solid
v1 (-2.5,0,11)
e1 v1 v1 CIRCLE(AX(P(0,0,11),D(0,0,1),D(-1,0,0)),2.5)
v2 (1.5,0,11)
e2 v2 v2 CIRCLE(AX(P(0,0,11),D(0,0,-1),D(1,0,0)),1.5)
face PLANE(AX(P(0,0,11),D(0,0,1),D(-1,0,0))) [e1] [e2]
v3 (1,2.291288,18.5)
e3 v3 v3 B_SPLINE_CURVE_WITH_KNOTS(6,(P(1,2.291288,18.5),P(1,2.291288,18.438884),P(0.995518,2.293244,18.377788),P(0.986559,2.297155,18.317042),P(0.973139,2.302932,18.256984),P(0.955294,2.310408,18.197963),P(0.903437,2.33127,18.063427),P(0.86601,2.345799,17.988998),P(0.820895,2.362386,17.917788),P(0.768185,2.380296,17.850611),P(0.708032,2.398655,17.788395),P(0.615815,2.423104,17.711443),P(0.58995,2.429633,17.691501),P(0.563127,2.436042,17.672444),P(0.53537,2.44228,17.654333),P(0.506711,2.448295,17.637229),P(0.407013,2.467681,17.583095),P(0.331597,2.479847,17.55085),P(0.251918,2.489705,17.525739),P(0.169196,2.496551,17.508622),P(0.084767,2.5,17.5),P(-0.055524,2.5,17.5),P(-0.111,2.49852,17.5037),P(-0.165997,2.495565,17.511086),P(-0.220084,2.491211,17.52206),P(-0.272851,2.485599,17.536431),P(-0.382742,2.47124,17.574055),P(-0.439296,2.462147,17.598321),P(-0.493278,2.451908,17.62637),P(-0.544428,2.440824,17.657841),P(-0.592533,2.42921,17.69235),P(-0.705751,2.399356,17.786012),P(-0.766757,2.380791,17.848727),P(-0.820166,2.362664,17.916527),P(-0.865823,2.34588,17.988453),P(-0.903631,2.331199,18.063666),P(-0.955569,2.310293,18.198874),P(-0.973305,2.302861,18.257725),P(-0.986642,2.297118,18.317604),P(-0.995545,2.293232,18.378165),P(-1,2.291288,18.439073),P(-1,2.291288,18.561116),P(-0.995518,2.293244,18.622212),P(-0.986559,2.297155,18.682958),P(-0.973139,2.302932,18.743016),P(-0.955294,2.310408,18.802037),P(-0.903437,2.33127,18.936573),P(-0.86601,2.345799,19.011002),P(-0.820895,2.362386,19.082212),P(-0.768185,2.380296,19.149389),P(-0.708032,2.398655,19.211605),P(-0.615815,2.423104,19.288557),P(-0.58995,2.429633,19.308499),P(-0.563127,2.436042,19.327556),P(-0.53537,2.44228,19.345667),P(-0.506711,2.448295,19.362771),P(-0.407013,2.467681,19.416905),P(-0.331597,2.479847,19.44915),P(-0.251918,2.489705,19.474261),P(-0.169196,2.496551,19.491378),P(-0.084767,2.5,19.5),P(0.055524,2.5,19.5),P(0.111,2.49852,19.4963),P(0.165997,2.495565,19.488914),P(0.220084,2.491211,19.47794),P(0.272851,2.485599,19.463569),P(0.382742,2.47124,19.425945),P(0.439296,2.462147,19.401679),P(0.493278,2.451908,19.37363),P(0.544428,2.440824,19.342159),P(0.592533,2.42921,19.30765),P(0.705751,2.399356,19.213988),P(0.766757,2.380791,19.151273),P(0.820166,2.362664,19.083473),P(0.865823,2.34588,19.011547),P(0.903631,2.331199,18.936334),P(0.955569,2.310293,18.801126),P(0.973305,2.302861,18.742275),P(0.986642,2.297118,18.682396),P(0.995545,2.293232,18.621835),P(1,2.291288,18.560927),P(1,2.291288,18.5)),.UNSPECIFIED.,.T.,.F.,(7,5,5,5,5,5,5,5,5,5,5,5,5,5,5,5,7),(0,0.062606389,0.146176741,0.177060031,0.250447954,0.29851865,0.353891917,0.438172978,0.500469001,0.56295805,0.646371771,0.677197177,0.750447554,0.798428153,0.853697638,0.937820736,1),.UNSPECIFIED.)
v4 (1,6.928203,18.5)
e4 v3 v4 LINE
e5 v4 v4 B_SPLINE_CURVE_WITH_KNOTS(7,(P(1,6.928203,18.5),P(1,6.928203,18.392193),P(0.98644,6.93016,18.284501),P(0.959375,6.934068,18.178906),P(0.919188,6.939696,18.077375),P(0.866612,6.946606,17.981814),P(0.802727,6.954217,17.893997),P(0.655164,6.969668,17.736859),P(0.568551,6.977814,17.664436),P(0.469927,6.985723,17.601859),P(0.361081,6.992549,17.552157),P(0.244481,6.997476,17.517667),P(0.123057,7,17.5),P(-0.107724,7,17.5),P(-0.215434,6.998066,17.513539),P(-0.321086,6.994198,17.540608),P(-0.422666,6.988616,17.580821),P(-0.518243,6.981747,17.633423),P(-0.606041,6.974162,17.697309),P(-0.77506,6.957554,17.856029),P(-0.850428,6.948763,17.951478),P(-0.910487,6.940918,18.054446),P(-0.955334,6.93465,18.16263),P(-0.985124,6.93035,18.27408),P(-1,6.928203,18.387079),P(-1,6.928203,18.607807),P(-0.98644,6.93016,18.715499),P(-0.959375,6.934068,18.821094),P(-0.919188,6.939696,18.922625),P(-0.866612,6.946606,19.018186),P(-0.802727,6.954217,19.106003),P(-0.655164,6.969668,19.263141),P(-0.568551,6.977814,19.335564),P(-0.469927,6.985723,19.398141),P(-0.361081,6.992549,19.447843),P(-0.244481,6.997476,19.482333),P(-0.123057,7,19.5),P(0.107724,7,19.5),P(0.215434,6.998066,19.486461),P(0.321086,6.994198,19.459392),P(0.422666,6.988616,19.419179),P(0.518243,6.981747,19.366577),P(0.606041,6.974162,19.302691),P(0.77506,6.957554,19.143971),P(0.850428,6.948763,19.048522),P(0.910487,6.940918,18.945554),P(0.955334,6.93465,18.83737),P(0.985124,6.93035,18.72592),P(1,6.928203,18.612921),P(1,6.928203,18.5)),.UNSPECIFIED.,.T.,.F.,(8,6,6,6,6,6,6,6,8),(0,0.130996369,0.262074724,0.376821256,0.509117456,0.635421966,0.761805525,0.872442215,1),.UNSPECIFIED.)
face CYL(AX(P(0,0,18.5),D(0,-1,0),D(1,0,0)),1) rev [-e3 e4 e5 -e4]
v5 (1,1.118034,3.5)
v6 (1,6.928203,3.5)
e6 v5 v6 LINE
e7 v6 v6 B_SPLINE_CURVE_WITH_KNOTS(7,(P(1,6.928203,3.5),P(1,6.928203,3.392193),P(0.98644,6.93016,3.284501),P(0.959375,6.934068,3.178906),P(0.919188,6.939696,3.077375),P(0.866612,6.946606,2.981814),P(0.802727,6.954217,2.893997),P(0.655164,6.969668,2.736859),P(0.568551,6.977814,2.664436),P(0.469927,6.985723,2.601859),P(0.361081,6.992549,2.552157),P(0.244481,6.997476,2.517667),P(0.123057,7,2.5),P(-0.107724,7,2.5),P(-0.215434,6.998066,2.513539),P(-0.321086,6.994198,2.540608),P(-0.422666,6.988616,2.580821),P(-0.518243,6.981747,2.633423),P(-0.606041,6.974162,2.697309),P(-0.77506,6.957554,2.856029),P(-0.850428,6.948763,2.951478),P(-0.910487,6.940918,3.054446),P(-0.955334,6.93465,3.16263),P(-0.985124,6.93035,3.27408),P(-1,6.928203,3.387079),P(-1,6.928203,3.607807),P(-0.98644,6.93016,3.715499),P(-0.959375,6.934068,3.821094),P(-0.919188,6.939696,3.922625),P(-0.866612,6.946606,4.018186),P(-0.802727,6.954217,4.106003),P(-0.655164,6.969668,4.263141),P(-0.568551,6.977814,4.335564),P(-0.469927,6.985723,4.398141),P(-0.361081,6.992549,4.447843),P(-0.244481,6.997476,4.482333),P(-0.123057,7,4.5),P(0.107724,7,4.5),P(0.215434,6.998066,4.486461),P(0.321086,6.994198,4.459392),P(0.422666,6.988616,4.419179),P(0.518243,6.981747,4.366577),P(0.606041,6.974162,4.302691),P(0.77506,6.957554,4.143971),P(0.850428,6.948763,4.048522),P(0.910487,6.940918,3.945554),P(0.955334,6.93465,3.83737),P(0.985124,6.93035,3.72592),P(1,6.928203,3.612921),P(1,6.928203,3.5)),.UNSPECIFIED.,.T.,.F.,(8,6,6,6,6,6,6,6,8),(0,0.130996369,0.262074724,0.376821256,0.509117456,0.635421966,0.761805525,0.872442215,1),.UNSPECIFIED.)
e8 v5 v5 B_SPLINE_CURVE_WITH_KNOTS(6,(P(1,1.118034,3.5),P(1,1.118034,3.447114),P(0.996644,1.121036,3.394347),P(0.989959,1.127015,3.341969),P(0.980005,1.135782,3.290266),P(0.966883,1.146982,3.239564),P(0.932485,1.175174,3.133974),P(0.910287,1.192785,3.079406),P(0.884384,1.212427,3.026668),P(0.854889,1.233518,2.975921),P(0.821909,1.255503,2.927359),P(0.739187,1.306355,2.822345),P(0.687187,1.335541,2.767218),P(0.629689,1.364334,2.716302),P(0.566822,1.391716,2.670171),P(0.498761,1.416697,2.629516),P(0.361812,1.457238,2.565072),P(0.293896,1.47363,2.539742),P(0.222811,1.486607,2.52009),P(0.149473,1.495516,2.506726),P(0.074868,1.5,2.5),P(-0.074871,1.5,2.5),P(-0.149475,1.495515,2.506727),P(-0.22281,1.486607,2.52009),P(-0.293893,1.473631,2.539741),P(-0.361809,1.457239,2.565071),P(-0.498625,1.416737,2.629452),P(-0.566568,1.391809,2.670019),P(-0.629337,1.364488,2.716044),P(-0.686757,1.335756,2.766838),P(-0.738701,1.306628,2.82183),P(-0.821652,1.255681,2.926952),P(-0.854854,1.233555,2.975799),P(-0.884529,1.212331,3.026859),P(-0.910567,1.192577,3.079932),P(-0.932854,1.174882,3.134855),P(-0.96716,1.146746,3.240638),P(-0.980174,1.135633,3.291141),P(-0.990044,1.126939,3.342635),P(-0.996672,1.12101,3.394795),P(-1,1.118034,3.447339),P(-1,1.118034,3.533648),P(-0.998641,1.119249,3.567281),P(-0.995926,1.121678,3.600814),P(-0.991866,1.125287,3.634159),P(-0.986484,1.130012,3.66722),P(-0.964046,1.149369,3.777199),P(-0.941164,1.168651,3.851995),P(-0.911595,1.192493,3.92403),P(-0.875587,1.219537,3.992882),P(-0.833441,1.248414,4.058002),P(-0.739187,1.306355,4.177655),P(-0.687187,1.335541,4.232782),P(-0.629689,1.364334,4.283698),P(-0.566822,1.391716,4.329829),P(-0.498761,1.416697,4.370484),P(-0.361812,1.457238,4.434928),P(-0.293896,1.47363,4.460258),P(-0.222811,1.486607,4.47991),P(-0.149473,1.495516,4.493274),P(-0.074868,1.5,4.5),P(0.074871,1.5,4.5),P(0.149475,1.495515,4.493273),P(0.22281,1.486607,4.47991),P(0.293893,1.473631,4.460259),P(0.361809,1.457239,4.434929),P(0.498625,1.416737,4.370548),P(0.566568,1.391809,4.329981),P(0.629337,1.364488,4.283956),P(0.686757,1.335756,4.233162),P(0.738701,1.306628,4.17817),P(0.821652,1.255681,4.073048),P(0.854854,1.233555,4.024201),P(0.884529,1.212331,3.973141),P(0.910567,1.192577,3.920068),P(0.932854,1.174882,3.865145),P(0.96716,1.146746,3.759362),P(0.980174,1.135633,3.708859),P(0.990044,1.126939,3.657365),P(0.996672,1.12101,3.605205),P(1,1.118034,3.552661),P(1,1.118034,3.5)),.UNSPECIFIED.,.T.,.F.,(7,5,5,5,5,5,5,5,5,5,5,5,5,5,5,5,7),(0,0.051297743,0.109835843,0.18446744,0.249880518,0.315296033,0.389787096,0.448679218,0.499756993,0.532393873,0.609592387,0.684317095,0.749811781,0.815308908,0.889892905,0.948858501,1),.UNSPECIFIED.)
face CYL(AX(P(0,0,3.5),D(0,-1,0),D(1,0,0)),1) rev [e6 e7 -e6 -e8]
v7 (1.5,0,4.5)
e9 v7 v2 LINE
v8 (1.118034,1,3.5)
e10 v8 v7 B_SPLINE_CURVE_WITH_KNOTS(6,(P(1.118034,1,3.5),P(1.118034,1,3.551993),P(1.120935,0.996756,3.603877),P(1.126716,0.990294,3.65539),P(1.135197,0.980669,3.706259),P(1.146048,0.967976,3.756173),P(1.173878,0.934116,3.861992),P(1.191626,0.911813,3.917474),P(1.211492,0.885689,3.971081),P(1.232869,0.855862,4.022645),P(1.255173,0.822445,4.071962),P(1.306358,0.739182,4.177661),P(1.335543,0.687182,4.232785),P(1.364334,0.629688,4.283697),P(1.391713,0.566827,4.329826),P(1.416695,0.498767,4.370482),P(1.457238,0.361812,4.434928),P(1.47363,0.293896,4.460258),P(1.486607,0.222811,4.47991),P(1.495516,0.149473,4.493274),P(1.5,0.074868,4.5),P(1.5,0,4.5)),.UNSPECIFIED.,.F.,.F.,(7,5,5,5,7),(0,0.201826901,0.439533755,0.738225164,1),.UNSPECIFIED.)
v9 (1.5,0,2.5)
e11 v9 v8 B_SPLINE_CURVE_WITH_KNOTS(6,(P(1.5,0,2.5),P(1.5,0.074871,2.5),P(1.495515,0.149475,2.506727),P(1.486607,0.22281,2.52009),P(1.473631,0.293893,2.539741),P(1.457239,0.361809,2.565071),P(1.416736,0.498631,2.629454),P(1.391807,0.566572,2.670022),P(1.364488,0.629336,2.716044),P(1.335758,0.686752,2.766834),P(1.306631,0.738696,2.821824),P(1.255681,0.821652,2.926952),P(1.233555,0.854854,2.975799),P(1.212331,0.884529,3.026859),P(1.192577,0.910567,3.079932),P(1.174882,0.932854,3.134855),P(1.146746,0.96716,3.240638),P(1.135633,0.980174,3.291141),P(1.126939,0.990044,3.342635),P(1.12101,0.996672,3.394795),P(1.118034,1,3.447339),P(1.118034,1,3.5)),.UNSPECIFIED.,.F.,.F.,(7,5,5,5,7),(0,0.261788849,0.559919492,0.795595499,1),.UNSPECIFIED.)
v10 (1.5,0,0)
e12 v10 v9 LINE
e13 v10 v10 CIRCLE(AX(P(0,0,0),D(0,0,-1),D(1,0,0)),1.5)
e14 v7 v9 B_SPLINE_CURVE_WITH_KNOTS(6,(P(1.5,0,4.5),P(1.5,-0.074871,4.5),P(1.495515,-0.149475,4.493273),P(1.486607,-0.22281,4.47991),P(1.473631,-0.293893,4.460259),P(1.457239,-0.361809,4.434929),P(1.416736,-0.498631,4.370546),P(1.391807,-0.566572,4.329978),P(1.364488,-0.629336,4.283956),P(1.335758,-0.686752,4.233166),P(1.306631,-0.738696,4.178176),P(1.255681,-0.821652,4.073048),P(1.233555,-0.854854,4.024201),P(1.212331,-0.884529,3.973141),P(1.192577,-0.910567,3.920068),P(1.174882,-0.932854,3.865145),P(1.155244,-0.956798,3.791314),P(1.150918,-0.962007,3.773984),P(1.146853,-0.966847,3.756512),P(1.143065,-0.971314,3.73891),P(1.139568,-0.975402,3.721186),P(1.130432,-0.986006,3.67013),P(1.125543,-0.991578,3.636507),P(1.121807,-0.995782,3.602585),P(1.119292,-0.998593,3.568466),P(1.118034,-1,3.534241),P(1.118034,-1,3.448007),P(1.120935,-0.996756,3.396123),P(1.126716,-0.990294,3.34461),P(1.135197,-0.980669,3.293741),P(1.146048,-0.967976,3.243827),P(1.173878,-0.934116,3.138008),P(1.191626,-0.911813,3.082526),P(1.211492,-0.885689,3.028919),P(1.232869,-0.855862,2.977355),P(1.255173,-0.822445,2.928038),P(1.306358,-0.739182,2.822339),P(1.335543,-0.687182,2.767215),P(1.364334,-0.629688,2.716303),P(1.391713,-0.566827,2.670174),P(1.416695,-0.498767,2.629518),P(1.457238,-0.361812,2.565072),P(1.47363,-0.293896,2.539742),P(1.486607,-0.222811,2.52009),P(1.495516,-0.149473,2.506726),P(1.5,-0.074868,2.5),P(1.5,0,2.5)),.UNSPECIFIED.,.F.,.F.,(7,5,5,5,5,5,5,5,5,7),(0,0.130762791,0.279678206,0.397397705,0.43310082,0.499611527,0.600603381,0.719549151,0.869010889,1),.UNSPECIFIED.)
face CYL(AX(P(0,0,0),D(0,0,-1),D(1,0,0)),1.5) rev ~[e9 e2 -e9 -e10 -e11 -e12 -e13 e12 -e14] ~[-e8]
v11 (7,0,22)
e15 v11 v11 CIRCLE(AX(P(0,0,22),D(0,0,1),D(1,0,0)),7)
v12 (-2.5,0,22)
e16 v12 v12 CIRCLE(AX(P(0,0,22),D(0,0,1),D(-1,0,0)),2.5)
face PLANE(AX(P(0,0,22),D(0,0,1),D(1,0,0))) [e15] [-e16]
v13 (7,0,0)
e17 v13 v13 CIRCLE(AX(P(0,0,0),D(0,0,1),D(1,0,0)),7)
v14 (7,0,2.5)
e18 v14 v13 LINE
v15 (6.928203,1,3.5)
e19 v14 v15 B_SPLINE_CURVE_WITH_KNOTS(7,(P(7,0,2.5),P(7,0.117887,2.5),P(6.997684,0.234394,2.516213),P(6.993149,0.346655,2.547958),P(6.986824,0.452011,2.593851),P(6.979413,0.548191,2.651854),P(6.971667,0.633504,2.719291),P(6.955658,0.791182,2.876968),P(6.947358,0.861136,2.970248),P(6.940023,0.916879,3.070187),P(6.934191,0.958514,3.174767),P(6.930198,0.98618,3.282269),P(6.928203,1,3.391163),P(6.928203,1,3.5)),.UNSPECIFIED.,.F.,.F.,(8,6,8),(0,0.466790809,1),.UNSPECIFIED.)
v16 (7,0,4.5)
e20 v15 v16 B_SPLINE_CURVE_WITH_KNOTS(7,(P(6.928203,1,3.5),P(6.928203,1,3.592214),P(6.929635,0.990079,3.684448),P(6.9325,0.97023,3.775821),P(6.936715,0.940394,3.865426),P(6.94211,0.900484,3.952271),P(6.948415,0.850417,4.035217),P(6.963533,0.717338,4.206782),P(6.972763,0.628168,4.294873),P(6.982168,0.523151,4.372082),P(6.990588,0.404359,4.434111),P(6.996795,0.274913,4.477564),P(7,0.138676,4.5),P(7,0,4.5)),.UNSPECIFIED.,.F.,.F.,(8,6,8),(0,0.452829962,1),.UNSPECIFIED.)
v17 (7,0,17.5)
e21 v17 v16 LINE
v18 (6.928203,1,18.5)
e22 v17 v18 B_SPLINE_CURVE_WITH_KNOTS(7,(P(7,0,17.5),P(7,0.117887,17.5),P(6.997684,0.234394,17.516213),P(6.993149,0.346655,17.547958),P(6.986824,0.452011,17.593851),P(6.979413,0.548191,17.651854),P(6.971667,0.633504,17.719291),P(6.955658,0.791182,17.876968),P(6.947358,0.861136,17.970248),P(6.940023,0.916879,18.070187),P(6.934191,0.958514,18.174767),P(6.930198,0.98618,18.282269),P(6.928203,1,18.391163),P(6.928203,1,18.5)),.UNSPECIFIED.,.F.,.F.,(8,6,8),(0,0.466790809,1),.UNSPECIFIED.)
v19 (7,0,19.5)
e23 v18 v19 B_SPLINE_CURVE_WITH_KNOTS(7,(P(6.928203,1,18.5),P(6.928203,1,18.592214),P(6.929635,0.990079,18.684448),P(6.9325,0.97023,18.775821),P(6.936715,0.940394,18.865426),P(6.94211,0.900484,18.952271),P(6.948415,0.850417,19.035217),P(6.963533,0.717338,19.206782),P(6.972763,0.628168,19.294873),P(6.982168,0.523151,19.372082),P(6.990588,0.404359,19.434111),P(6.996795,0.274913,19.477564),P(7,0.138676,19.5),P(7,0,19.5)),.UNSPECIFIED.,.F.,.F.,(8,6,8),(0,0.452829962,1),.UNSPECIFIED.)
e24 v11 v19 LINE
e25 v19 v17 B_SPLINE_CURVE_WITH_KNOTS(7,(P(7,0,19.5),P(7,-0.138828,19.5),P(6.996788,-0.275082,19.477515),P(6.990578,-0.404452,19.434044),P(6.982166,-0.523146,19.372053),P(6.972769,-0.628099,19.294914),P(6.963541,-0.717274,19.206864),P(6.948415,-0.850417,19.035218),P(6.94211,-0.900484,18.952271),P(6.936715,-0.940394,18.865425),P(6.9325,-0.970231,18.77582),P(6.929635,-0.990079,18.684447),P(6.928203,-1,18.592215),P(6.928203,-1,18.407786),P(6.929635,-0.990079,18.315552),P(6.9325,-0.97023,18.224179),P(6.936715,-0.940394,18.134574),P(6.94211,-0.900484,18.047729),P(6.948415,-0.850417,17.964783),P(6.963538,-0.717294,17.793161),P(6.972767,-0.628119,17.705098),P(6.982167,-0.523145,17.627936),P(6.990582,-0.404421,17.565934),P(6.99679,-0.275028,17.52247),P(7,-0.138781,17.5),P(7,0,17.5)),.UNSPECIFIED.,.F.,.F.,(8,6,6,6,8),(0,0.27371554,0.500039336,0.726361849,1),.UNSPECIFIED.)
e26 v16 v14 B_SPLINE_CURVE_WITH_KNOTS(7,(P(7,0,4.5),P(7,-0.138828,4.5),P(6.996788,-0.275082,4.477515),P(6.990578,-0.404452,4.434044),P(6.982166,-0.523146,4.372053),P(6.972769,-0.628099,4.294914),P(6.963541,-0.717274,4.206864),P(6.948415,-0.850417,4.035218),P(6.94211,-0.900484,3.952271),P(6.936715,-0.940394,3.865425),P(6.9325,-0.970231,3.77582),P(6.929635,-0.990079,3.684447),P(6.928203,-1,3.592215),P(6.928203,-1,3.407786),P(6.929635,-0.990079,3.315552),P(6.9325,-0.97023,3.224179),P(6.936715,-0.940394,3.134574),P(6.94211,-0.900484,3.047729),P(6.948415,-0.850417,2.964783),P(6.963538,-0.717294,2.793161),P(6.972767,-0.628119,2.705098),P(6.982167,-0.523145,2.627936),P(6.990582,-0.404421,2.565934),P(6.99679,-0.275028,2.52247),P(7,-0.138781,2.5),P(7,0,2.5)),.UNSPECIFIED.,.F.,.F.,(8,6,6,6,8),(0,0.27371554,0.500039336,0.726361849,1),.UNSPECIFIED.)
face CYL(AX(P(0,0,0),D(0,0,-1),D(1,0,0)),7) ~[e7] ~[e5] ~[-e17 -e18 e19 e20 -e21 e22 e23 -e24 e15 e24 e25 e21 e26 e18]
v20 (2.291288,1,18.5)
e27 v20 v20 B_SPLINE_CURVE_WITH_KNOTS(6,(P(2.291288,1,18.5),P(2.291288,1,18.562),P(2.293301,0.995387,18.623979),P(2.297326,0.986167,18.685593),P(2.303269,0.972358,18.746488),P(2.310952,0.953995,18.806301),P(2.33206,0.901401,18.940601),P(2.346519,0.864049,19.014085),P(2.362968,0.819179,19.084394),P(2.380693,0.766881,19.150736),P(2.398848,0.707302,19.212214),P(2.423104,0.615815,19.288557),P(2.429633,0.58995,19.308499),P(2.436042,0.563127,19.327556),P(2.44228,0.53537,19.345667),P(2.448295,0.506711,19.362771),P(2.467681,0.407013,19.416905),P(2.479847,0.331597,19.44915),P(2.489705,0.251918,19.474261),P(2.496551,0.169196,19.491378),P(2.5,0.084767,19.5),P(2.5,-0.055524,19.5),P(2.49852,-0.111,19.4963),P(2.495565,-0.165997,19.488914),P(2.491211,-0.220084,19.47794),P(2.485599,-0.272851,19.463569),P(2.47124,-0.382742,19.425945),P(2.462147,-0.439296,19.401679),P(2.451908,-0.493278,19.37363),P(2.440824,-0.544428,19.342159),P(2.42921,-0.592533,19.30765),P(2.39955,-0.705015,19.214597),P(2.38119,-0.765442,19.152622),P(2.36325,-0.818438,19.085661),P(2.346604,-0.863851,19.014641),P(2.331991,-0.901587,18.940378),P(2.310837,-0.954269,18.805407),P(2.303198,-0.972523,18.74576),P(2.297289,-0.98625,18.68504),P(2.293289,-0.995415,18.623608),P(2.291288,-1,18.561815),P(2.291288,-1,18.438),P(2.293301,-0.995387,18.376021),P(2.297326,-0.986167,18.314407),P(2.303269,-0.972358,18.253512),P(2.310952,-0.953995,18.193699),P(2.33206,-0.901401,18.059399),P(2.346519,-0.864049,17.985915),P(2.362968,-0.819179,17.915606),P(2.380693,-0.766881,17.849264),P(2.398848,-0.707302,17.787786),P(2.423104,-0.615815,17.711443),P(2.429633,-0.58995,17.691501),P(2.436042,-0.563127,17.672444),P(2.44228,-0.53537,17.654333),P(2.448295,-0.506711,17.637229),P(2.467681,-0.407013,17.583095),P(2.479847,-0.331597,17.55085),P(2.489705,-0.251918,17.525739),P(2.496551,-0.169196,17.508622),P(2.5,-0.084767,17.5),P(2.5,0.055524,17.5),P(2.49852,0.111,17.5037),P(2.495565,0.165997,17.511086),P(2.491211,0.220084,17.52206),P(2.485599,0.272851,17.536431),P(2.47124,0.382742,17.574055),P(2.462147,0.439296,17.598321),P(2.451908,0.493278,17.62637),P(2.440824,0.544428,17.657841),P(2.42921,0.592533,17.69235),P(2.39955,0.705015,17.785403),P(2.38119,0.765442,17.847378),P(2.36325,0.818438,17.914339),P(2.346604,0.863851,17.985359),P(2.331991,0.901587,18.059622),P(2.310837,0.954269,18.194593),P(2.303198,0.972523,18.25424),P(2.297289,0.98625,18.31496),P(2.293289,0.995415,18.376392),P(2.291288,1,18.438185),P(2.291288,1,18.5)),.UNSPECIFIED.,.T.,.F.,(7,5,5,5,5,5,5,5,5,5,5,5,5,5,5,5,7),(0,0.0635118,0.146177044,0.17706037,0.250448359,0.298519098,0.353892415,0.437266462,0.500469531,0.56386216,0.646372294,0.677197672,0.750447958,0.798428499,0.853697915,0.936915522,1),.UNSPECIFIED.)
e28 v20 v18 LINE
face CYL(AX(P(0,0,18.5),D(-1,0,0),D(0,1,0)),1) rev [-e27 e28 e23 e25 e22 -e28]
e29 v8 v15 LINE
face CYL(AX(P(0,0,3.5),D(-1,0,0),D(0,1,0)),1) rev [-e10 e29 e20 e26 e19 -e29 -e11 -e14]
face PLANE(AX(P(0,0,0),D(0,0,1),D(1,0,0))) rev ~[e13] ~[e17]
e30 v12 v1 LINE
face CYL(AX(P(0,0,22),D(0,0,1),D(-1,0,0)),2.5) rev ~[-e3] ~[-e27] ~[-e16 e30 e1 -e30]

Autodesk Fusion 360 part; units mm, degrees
sketch "スケッチ1" plane through (0, 0, 0) normal (0, 0, 1) x (1, 0, 0)
  circle A0 centre (0, 0) radius 7
  dimension "d1" = 14
extrude "押し出し1" add sketch "スケッチ1" along normal blind 12
extrude "押し出し2" add 1 faces at (1.11, -1.8763, 12) along direction (0, 0, 1) blind 10
sketch "スケッチ2" plane through (0, 0, 22) normal (0, 0, 1) x (-1, 0, 0)
  circle A0 centre (0, 0) radius 7
  circle A1 centre (0, 0) radius 2.5
  dimension "d6" = 5
sketch "スケッチ3" plane through (0, 0, 0) normal (0, 0, -1) x (1, 0, 0)
  circle A0 centre (0, 0) radius 7
  circle A1 centre (0, 0) radius 1.5
  dimension "d7" = 3
extrude "押し出し3" cut sketch "スケッチ3" against normal blind 11 contours A1
extrude "押し出し4" cut sketch "スケッチ2" against normal blind 11 contours A1
sketch "スケッチ4" plane through (0, 0, 0) normal (0, 1, 0) x (1, 0, 0)
  line L0 (-7, -22) -> (7, -22)
  line L1 (7, -22) -> (7, 0)
  line L2 (7, 0) -> (-7, 0)
  line L3 (-7, 0) -> (-7, -22)
  line L4 (-7, -22) -> (-7, -18.5)
  line L5 (-7, -18.5) -> (7, -18.5)
  line L6 (7, -22) -> (7, -18.5)
  line L7 (0, -22) -> (0, 0)
  circle A0 centre (0, -18.5) radius 1
  line L8 (-7, 0) -> (-7, -3.5)
  line L9 (-7, -3.5) -> (7, -3.5)
  circle A1 centre (0, -3.5) radius 1
  dimension "d12" = 3.5
  dimension "d13" = 2
  dimension "d20" = 3.5
  dimension "d21" = 2
extrude "押し出し5" cut sketch "スケッチ4" along normal blind 10 contours L5 L7 A0 | L5 L7 A0 | L5 L7 A0 | L5 L7 A0
sketch "スケッチ5" plane through (0, 0, 0) normal (1, 0, 0) x (0, 1, 0)
  line L0 (-7, 22) -> (7, 22)
  line L1 (7, 22) -> (7, 0)
  line L2 (7, 0) -> (-7, 0)
  line L3 (-7, 0) -> (-7, 22)
  line L4 (-7, 22) -> (-7, 18.5)
  line L5 (-7, 22) -> (7, 22)
  line L6 (7, 22) -> (7, 18.5)
  line L7 (7, 18.5) -> (-7, 18.5)
  line L8 (-7, 18.5) -> (-7, 22)
  circle A0 centre (0, 18.5) radius 1
  line L9 (7, 0) -> (7, 3.5)
  line L10 (7, 3.5) -> (-7, 3.5)
  circle A1 centre (0, 3.5) radius 1
  dimension "d16" = 3.5
  dimension "d17" = 2
  dimension "d24" = 3.5
  dimension "d25" = 2
extrude "押し出し6" cut sketch "スケッチ5" along normal blind 10 contours L7 A0 | L7 A0
extrude "押し出し7" cut sketch "スケッチ4" along normal blind 10 contours L7 L9 A1 | L7 L9 A1 | L7 L9 A1 | L7 L9 A1
extrude "押し出し8" cut sketch "スケッチ5" along normal blind 10 contours L10 A1 | L10 A1
